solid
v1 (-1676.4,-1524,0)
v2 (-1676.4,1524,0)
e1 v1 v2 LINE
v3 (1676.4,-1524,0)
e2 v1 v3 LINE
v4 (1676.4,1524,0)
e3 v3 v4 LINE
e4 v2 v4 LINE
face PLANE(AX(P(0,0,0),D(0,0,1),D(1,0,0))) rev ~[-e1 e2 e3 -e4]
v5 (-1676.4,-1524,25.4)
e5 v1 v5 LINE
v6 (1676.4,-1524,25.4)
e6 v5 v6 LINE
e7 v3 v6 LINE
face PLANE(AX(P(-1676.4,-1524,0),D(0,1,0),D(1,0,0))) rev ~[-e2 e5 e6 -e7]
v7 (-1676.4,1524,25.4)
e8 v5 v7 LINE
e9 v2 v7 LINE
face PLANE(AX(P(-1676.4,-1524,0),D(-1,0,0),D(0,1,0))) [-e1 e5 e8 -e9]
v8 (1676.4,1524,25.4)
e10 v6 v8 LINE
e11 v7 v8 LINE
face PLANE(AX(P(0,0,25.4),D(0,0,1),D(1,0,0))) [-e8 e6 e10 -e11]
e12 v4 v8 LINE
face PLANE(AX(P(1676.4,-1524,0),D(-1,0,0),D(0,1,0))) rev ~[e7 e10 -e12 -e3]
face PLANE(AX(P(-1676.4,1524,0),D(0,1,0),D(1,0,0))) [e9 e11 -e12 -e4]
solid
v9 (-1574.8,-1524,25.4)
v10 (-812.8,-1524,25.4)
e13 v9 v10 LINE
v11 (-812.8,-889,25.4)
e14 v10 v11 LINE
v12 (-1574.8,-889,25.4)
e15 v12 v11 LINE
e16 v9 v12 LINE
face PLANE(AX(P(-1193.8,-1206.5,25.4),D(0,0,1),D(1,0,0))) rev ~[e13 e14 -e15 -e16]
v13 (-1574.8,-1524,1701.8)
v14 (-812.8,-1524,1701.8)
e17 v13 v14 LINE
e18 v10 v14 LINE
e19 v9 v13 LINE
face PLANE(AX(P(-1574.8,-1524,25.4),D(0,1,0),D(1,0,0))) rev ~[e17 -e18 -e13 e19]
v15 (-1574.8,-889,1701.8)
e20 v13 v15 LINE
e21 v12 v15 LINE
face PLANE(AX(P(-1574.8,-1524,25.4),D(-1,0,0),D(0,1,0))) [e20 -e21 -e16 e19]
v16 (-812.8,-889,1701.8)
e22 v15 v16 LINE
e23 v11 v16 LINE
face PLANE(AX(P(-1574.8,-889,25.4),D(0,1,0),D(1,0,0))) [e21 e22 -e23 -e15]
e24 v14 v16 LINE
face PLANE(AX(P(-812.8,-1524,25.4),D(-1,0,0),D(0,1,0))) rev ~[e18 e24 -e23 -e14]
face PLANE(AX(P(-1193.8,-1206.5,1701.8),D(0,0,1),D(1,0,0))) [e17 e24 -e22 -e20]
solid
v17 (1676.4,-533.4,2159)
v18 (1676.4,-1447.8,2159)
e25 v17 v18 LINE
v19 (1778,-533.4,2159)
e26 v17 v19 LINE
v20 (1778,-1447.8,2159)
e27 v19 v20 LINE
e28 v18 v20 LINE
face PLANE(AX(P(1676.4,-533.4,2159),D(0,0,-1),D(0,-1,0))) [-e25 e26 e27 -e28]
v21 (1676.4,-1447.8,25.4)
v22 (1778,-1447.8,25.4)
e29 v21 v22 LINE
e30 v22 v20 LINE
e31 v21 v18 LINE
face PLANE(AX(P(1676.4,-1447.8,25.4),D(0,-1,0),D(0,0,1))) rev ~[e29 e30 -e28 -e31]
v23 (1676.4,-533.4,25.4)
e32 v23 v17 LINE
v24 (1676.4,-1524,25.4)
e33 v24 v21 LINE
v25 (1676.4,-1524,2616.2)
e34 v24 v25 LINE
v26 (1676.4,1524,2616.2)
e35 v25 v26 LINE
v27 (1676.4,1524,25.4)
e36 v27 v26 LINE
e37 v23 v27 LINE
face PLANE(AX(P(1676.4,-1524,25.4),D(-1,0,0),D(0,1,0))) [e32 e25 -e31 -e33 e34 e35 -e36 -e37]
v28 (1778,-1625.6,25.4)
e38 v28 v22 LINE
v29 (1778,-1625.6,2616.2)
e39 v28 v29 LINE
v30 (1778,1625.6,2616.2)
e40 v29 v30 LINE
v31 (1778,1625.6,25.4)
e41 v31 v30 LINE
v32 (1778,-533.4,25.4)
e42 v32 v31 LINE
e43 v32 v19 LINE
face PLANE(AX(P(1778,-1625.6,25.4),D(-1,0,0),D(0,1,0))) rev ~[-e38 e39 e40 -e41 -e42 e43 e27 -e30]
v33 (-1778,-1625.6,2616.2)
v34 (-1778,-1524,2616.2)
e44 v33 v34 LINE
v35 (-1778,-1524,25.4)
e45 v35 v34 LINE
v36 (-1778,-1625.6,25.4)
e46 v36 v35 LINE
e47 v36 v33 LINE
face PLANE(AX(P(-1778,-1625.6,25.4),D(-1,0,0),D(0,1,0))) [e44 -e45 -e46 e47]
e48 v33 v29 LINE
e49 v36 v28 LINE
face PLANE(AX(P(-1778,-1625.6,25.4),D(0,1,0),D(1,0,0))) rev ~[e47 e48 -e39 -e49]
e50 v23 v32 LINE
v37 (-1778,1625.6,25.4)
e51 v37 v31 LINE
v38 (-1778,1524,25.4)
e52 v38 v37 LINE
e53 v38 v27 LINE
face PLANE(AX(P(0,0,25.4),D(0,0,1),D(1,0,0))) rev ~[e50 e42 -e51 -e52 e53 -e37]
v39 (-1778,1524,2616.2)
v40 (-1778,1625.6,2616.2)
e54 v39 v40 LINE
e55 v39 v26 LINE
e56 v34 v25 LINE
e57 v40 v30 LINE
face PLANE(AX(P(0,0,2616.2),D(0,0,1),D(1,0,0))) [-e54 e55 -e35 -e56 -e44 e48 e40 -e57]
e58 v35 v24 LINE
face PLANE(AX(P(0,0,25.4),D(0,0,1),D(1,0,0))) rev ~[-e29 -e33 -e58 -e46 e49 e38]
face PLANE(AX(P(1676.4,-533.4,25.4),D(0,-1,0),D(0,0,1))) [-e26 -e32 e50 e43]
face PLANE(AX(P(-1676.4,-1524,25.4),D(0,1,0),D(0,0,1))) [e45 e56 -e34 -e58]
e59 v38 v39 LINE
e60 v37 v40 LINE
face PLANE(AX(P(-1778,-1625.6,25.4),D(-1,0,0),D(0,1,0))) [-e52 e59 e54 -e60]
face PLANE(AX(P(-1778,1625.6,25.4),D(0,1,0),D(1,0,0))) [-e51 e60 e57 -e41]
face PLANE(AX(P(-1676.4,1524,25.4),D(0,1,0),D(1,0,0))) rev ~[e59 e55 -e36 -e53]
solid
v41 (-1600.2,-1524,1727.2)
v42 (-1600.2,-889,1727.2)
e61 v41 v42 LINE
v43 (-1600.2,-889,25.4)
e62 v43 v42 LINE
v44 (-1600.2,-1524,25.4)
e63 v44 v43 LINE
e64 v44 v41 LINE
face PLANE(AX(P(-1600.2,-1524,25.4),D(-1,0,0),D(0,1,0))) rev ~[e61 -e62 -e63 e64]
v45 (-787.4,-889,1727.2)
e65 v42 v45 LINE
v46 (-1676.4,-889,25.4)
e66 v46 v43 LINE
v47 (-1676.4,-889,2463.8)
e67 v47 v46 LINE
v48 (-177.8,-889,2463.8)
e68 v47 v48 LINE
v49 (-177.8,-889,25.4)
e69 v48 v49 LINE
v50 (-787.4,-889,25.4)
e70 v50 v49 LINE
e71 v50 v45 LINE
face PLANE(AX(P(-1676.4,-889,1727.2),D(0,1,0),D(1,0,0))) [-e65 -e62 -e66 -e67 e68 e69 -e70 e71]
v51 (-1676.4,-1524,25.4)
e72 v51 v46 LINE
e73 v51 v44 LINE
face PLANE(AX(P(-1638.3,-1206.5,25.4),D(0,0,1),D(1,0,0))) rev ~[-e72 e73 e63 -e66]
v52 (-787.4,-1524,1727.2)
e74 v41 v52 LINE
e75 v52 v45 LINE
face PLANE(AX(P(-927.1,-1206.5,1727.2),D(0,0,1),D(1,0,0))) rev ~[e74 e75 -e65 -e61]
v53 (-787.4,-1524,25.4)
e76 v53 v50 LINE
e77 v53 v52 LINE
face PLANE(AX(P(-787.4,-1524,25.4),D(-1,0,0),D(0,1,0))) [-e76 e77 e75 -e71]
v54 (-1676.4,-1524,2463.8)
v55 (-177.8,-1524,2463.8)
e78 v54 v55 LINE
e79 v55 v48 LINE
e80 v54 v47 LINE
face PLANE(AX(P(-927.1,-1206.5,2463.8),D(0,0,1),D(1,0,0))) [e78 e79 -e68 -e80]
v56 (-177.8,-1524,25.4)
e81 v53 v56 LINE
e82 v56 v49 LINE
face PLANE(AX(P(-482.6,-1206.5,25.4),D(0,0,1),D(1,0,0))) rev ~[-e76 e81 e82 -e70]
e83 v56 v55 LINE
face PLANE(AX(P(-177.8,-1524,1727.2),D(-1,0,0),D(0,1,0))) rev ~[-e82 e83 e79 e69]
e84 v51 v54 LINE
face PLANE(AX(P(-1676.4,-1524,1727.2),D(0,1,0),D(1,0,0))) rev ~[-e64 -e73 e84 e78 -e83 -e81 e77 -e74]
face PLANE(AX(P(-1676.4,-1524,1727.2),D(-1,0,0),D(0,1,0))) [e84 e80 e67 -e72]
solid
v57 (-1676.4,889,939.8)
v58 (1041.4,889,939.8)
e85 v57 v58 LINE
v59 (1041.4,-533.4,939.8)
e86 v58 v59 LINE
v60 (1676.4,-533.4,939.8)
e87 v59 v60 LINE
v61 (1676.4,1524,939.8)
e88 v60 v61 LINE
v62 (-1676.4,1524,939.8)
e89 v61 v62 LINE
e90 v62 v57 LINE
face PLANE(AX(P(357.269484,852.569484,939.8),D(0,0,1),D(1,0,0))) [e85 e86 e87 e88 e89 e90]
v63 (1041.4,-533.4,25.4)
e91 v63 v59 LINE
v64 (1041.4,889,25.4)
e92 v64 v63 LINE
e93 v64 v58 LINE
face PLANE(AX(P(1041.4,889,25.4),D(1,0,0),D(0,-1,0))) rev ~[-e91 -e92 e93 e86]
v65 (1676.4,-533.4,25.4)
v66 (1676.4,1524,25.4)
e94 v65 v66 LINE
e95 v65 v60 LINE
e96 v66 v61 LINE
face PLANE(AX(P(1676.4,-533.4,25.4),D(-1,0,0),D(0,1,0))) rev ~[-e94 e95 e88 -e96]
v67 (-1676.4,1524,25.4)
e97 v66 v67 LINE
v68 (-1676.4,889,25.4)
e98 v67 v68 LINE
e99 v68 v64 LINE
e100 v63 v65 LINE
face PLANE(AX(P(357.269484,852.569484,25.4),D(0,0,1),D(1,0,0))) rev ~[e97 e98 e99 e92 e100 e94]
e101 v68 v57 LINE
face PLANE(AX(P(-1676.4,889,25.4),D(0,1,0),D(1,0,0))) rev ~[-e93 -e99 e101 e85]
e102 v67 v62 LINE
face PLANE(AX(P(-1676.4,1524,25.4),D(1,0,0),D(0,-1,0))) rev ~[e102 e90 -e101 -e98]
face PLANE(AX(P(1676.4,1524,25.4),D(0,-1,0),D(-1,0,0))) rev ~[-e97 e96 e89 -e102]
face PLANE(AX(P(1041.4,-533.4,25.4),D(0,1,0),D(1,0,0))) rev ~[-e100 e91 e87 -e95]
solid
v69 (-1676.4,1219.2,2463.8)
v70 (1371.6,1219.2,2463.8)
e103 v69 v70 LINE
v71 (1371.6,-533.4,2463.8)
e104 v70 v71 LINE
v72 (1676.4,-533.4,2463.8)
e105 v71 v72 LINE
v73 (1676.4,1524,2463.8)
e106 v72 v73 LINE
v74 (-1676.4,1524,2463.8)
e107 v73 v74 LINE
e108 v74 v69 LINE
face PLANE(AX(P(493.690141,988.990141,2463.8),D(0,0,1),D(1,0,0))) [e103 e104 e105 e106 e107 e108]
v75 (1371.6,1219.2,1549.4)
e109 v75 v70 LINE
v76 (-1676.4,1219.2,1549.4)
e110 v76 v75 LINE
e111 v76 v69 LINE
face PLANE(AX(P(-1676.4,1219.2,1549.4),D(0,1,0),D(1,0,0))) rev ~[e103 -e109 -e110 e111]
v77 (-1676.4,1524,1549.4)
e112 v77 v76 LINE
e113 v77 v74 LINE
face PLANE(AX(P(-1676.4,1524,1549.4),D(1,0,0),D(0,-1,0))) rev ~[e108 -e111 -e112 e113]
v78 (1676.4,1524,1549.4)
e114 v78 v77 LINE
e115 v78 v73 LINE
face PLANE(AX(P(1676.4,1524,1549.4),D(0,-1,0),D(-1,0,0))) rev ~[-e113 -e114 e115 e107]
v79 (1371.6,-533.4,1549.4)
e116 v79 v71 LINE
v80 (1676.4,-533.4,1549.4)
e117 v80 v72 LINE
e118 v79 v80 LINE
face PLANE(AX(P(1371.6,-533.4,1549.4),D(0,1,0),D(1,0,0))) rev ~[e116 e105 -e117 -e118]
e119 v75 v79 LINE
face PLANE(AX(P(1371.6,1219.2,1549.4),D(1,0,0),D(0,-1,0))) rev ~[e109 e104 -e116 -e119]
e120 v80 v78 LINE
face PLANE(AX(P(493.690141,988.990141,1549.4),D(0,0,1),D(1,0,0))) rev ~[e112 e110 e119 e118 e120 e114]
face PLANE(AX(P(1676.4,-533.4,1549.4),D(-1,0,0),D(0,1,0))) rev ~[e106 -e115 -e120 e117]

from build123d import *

# Parameters (mm, degrees)
F0_W      = 3352.8
F0_H      = 3048
F1_DEPTH  = 25.4
F2_W      = 3556
F2_H      = 3251.2
F2_W_2    = 3352.8
F2_H_2    = 3048
F3_DEPTH  = 2590.8
F4_W      = 914.4
F4_H      = 2133.6
F5_DEPTH  = 101.6
F6_W      = 3048
F6_H      = 2590.8
F7_DEPTH  = 101.6
F9_DEPTH  = 914.4
F12_DEPTH = 914.4
F13_W     = 762
F13_H     = 635
F14_DEPTH = 1676.4
F15_W     = 609.6
F15_H     = 635
F16_DEPTH = 1701.8
F15_W_2   = 76.2
F17_W     = 1498.6
F17_H     = 635
F18_DEPTH = 736.6


with BuildPart() as f1:
    # F0 (on Top) → F1 (new body)
    with BuildSketch(Plane.XY):
        Rectangle(F0_W, F0_H)
    extrude(amount=F1_DEPTH)


with BuildPart() as f3:
    # F2 (on face) → F3 (new body)
    with BuildSketch(Plane.XY.offset(25.4)):
        Rectangle(F2_W, F2_H)
        Rectangle(F2_W_2, F2_H_2, mode=Mode.SUBTRACT)
    extrude(amount=F3_DEPTH)

    # F4 (on face) → F5 (cut, through all)
    with BuildSketch(Plane(origin=(1676.4, 0, 0), x_dir=(0, -1, 0), z_dir=(-1, 0, 0))):
        with Locations((990.6, 1092.2)):
            Rectangle(F4_W, F4_H)
    extrude(amount=-F5_DEPTH, mode=Mode.SUBTRACT)

    # F6 (on face) → F7 (cut, through all)
    with BuildSketch(Plane.YZ.offset(-1676.4)):
        with Locations((0, 1320.8)):
            Rectangle(F6_W, F6_H)
    extrude(amount=-F7_DEPTH, mode=Mode.SUBTRACT)


with BuildPart() as f9:
    # F8 (on face) → F9 (new body)
    with BuildSketch(Plane.XY.offset(25.4)):
        Polygon((1041.4, -533.4), (1676.4, -533.4), (1676.4, 1524), (-1676.4, 1524), (-1676.4, 889), (1041.4, 889), align=None)
    extrude(amount=F9_DEPTH)


with BuildPart() as f12:
    # F11 (on offset) → F12 (new body)
    with BuildSketch(Plane.XY.offset(1549.4)):
        Polygon((1676.4, 1524), (-1676.4, 1524), (-1676.4, 1219.2), (1371.6, 1219.2), (1371.6, -533.4), (1676.4, -533.4), align=None)
    extrude(amount=F12_DEPTH)


with BuildPart() as f14:
    # F13 (on face) → F14 (new body)
    with BuildSketch(Plane.XY.offset(25.4)):
        with Locations((-1193.8, -1206.5)):
            Rectangle(F13_W, F13_H)
    extrude(amount=F14_DEPTH)


with BuildPart() as f16:
    # F15 (on face) → F16 (new body)
    with BuildSketch(Plane.XY.offset(25.4)):
        with Locations((-482.6, -1206.5)):
            Rectangle(F15_W, F15_H)
    extrude(amount=F16_DEPTH)



with BuildPart() as f16b:
    # F15 (on face) → F16, piece 2 (new body)
    with BuildSketch(Plane.XY.offset(25.4)):
        with Locations((-1638.3, -1206.5)):
            Rectangle(F15_W_2, F15_H)
    extrude(amount=F16_DEPTH)


with BuildPart() as f16_1:
    add(f16.part)

    add(f16b.part)  # F18 merges F16b
    # F17 (on face) → F18 (join, through all)
    with BuildSketch(Plane.XY.offset(1727.2)):
        with Locations((-927.1, -1206.5)):
            Rectangle(F17_W, F17_H)
    extrude(amount=F18_DEPTH)


solid = Compound([f1.part, f3.part, f9.part, f12.part, f14.part, f16_1.part])
